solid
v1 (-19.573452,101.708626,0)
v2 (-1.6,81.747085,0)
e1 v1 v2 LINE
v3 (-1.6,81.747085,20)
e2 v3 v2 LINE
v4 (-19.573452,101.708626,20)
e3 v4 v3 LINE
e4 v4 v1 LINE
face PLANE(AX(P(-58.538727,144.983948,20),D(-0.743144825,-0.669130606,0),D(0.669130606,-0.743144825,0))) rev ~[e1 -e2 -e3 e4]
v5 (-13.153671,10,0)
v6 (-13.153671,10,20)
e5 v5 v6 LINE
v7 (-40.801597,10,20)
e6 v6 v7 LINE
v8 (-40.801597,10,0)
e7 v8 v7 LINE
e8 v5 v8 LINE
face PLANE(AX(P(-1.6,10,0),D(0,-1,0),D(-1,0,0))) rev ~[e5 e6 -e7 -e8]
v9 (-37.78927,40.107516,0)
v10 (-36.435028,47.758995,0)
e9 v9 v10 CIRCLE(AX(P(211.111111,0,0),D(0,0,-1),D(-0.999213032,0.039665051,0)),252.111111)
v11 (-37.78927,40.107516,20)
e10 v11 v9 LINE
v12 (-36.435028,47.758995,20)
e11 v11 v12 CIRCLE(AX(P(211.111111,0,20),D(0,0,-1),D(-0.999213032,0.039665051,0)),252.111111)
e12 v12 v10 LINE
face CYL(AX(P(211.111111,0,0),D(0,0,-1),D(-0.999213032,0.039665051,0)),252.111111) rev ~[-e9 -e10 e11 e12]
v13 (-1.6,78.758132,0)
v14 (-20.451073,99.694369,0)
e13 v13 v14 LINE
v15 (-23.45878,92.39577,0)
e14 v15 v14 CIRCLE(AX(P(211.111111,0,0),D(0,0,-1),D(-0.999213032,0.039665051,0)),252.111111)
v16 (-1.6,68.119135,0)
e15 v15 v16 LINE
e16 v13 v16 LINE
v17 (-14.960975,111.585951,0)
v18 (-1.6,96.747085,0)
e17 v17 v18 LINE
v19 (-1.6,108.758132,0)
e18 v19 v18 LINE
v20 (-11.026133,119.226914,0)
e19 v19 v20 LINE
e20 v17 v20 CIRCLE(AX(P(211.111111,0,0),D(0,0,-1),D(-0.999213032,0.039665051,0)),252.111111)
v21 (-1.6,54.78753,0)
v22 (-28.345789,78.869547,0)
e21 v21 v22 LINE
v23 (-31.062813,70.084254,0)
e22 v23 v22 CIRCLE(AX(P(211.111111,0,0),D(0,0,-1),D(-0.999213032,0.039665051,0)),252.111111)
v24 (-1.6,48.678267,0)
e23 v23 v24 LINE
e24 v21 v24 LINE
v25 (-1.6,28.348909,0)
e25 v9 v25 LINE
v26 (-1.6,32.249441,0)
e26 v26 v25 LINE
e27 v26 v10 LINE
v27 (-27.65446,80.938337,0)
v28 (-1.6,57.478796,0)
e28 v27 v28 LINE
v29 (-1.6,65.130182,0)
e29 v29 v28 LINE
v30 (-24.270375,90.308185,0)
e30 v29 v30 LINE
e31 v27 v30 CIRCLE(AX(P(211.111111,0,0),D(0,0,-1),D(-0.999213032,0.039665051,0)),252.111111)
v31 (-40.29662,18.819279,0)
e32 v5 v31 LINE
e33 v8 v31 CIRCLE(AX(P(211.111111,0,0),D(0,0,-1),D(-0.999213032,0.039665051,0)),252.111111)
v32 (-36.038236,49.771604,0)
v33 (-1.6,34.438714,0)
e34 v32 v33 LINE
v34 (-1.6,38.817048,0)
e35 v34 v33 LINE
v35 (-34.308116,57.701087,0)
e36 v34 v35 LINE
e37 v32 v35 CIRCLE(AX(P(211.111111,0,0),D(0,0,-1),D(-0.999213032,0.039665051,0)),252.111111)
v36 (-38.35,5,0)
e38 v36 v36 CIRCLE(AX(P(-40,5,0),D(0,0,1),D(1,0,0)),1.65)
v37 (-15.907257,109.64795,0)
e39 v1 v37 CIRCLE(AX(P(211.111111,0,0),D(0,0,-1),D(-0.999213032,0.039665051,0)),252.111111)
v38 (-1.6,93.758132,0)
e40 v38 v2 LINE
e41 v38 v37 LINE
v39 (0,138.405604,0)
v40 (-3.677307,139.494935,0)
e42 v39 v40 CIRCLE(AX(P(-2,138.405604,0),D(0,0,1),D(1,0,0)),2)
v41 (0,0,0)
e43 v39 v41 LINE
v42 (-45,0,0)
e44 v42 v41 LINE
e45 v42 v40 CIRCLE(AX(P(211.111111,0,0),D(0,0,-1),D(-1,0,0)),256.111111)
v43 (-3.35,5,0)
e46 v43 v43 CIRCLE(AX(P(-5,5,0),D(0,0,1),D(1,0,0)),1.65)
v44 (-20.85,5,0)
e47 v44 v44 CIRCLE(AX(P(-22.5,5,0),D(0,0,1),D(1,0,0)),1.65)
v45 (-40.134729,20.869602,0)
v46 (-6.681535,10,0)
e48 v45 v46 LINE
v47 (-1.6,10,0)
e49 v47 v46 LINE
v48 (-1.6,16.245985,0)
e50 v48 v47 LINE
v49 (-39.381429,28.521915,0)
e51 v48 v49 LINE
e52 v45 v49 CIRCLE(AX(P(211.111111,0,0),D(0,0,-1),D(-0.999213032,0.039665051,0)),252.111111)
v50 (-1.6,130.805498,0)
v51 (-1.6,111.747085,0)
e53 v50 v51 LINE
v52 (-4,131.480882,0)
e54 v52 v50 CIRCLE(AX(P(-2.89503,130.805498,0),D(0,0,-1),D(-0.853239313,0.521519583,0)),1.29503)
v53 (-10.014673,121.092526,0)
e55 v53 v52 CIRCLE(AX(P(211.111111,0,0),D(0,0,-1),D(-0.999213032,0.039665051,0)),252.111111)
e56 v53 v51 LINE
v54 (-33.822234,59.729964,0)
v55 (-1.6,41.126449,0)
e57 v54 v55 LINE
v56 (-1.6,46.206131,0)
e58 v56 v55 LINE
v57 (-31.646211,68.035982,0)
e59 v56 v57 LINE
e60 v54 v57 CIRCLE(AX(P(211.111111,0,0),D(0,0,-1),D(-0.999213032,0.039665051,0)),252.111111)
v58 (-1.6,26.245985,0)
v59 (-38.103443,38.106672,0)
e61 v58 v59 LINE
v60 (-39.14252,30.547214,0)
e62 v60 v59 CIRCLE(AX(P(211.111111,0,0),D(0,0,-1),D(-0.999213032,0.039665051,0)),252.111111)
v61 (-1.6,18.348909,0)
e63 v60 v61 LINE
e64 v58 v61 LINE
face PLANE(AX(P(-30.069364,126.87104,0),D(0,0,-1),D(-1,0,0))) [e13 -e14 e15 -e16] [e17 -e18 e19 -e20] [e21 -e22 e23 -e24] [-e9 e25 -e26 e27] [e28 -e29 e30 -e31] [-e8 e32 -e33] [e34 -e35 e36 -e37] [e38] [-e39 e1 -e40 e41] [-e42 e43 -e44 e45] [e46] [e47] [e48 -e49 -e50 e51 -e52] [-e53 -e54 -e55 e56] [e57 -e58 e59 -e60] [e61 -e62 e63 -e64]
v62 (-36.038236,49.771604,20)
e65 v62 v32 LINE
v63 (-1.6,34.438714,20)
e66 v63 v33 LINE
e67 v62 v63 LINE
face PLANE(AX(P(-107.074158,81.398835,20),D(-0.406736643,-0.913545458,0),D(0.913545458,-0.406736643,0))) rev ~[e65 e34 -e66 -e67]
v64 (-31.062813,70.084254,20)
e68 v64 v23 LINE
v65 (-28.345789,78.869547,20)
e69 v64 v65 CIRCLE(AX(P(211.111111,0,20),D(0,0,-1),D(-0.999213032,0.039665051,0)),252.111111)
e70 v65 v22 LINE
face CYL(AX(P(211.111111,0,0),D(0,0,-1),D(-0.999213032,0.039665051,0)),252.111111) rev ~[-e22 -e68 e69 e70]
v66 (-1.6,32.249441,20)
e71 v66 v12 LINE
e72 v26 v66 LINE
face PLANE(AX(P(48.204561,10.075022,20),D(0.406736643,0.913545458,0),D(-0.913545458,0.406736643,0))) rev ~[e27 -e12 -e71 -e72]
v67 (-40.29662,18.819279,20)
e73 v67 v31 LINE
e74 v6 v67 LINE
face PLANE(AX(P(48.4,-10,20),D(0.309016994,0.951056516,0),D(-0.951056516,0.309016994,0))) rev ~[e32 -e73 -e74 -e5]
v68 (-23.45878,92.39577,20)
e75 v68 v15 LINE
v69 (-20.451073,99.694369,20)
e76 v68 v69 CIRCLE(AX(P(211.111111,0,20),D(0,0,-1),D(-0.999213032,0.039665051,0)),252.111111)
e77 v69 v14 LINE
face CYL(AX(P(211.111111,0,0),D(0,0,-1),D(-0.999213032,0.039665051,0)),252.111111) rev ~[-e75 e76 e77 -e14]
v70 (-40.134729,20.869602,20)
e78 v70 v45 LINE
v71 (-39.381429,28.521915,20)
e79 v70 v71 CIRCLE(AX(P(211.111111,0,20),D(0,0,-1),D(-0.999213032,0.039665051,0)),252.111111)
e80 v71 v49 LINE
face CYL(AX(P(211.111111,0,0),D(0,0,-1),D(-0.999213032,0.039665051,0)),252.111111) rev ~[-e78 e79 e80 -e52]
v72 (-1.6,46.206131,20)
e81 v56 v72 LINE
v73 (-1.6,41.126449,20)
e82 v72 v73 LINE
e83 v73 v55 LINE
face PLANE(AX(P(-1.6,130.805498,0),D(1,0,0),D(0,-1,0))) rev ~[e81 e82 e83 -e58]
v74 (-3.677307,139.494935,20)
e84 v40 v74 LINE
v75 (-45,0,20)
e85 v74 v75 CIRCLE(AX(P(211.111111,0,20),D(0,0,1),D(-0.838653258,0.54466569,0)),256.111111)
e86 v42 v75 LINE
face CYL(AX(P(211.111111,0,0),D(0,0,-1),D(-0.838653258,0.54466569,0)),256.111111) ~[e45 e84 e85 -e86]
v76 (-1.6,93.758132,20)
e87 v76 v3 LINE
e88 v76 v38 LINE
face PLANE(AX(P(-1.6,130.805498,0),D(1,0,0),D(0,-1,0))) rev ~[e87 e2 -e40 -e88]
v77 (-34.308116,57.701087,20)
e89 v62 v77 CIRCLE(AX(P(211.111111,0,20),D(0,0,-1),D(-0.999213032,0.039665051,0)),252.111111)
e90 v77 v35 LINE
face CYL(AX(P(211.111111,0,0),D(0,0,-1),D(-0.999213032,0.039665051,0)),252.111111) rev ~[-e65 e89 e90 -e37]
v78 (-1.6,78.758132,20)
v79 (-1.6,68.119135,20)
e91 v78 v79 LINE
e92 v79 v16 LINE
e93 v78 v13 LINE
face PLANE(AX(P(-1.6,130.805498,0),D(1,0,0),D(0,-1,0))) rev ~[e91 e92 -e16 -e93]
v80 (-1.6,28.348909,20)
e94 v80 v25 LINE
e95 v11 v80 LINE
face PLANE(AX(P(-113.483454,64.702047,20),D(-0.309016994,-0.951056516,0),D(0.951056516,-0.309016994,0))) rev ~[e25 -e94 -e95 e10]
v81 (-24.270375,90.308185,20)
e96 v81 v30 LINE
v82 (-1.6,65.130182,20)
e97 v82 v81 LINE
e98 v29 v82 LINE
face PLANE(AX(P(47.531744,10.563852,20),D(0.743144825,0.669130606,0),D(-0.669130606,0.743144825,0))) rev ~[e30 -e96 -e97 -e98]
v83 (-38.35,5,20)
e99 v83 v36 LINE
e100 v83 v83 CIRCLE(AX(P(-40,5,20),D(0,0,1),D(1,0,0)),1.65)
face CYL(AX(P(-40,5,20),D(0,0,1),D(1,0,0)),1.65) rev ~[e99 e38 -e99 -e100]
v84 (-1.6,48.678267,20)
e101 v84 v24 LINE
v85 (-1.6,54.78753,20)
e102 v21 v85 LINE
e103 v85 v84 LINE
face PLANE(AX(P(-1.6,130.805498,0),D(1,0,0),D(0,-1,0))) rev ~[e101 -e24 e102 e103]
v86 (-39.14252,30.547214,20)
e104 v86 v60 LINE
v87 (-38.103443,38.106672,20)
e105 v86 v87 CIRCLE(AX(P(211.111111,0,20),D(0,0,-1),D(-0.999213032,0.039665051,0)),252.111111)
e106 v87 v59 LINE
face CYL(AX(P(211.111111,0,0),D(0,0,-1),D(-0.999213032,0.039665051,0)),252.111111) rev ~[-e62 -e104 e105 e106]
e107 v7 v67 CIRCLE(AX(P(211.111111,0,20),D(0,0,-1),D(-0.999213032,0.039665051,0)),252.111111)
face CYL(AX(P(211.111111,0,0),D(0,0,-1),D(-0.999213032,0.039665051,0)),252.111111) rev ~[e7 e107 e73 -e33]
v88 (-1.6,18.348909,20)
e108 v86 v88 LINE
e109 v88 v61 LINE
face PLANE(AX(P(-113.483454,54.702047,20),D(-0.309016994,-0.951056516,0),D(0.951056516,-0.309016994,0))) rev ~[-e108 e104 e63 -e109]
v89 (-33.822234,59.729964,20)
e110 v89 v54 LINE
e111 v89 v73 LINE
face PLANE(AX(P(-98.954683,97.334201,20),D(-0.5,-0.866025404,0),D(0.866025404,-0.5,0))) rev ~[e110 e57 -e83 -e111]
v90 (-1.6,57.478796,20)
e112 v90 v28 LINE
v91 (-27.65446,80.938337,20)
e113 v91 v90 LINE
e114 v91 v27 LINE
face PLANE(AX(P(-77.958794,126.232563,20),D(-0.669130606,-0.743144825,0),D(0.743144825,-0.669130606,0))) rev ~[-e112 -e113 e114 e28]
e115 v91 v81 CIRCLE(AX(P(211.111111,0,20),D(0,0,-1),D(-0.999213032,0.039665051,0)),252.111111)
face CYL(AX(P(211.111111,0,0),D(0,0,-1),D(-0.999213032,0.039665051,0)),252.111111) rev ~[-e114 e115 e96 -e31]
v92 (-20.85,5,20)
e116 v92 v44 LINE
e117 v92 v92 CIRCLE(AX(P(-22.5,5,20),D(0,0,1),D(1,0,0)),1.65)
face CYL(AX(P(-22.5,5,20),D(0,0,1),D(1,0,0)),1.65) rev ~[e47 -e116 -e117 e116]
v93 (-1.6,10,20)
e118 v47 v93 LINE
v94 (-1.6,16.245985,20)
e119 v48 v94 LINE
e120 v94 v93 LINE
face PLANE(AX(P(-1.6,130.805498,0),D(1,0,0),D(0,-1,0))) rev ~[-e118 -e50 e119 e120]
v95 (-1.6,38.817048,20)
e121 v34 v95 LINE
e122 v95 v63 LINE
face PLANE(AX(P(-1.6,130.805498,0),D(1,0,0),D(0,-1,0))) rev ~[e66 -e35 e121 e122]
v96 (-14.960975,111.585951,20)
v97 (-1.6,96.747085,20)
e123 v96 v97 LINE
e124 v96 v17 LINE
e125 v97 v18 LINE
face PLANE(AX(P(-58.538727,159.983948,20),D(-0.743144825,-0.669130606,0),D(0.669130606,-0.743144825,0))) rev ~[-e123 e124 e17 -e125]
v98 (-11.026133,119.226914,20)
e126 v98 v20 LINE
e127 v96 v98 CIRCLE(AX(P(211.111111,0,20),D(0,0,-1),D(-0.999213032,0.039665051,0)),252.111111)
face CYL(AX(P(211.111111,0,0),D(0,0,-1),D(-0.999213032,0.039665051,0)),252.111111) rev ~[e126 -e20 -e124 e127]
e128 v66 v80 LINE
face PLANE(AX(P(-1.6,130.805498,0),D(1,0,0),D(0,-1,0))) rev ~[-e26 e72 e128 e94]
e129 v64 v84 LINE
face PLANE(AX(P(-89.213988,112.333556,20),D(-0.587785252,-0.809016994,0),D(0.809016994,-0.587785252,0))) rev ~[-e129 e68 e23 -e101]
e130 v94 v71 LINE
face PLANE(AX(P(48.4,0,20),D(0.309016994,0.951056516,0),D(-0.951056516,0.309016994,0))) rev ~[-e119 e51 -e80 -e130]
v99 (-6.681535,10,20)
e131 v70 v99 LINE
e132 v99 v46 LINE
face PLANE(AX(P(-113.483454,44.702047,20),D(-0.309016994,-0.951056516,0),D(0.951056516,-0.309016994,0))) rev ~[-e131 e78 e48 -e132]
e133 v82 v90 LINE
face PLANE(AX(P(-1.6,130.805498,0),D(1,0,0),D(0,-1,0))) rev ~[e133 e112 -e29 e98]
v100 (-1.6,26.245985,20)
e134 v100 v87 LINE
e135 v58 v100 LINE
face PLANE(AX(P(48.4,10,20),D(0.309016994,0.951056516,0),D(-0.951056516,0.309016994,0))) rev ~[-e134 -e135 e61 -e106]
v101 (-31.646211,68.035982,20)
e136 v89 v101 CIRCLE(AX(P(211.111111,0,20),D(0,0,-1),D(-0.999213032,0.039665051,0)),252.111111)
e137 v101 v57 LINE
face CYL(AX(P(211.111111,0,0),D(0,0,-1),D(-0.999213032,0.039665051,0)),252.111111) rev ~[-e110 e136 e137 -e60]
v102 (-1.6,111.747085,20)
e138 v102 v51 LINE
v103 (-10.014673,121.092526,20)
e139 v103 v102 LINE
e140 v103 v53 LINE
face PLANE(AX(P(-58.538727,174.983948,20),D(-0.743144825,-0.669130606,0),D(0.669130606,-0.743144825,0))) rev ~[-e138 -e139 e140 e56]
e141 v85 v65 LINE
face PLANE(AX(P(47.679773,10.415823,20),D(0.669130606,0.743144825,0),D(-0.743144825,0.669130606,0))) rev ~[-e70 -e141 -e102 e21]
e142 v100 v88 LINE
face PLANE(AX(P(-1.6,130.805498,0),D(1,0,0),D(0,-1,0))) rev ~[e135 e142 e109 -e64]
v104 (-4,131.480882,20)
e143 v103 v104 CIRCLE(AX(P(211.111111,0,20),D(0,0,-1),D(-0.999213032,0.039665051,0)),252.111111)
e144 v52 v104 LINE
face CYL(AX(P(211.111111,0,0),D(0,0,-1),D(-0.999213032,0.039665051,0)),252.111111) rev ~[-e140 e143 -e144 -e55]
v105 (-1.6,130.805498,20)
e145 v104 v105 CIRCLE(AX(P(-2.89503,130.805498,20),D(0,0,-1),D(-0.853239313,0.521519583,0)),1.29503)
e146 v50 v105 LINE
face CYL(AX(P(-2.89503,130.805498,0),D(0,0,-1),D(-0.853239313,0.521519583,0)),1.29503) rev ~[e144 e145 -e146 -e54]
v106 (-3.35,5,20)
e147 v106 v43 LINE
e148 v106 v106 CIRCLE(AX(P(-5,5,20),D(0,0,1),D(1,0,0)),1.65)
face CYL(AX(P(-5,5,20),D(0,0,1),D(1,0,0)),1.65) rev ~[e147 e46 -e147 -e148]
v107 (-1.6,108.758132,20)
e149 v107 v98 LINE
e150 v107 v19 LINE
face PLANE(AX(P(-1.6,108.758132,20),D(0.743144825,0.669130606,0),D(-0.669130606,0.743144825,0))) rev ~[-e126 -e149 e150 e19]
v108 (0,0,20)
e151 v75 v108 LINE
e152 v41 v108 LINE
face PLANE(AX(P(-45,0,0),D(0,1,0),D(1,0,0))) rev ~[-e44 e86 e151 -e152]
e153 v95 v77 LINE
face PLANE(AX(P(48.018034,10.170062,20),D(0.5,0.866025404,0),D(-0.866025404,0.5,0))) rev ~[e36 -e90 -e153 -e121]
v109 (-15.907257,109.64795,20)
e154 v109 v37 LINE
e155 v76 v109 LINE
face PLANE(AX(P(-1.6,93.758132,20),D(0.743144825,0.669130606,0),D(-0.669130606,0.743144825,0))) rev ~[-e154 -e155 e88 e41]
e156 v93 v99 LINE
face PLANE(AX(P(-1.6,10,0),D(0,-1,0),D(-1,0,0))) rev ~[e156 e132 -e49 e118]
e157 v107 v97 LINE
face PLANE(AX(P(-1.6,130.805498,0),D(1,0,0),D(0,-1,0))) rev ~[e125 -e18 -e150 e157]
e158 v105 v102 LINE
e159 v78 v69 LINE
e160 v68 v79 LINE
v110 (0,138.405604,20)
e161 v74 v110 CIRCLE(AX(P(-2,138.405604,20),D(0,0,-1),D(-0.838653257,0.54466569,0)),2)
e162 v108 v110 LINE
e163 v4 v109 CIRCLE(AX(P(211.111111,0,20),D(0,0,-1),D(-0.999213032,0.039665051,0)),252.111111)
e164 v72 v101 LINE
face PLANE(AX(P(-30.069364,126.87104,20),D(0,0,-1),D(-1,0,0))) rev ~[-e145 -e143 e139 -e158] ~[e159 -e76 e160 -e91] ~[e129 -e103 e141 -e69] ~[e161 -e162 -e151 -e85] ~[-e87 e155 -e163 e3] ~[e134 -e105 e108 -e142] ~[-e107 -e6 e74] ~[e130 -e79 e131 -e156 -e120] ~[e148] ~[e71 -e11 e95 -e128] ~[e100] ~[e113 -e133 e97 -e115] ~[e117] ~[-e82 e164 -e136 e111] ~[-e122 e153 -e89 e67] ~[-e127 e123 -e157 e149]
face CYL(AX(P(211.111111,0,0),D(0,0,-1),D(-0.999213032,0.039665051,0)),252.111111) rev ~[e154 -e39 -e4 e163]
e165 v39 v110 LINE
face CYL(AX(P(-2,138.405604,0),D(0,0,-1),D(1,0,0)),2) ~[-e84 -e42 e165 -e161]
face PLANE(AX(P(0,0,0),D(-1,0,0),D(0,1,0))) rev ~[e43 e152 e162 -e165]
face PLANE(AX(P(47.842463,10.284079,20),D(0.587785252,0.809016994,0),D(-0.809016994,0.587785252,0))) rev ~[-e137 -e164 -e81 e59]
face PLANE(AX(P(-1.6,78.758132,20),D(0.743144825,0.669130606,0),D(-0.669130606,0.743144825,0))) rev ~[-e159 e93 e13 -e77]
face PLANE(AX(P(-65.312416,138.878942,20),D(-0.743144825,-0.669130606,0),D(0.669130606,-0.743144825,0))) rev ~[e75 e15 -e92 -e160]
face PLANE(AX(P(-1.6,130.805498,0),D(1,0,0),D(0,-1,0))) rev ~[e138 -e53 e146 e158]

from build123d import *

# Parameters (mm, degrees)
BOSS_EXTRUDE4_DEPTH = 20
SKETCH12_R          = 1.65
CUT_EXTRUDE1_DEPTH  = 149.790905386
CUT_EXTRUDE2_START  = -20
CUT_EXTRUDE2_DEPTH  = 20
CUT_EXTRUDE3_START  = -30
CUT_EXTRUDE3_DEPTH  = 30
BOSS_EXTRUDE5_DEPTH = 20
CIRPATTERN1_COUNT   = 6
CIRPATTERN1_ANGLE   = 30
LPATTERN2_COUNT     = 3
LPATTERN2_PITCH     = 10
BOSS_EXTRUDE6_DEPTH = 20
LPATTERN3_COUNT     = 3
LPATTERN3_PITCH     = 15
CUT_EXTRUDE4_START  = -20
CUT_EXTRUDE4_DEPTH  = 20


with BuildPart() as part:
    # Sketch5 → Boss-Extrude4 (new body)
    with BuildSketch(Plane.XY):
        with BuildLine():
            Line((0, 0), (0, 138.405603612))
            ThreePointArc((0, 138.405603612), (-1.431938837, 140.323234054), (-3.677306515, 139.494934991))
            ThreePointArc((-3.677306515, 139.494934991), (-34.45212059, 72.743387818), (-45, 0))
            Line((-45, 0), (0, 0))
        make_face()
        with BuildLine():
            Line((-1.6, 10), (-40.801596678, 10))
            ThreePointArc((-40.801596678, 10), (-30.171322984, 73.09445494), (-4, 131.480881584))
            ThreePointArc((-4, 131.480881584), (-2.54422163, 132.052107892), (-1.6, 130.805498221))
            Line((-1.6, 130.805498221), (-1.6, 10))
        make_face(mode=Mode.SUBTRACT)
    extrude(amount=BOSS_EXTRUDE4_DEPTH)

    # Sketch12 → Cut-Extrude1 (cut, through all)
    with BuildSketch(Plane.XY.offset(20)):
        with Locations((-40, 5)):
            Circle(SKETCH12_R)
        with Locations((-22.5, 5)):
            Circle(SKETCH12_R)
        with Locations((-5, 5)):
            Circle(SKETCH12_R)
    extrude(amount=-CUT_EXTRUDE1_DEPTH, mode=Mode.SUBTRACT)

    # Sketch17 → Cut-Extrude2 (cut)
    with BuildSketch(Plane.XY.offset(20).offset(CUT_EXTRUDE2_START)):
        Polygon((-109.129206393, -31.174044695), (890.870793607, -18.386269912), (884.13367644, 508.454191469), (-120.638203698, 868.825955305), (-717.462714608, 272.001444394), align=None)
        with BuildLine():
            Line((-45, 0), (0, 0))
            Line((0, 0), (0, 138.405603612))
            ThreePointArc((0, 138.405603612), (-0.890765175, 140.069814567), (-2.769598102, 140.25160436))
            ThreePointArc((-2.769598102, 140.25160436), (-57.041683198, 80.109492203), (-45, 0))
        make_face(mode=Mode.SUBTRACT)
    extrude(amount=CUT_EXTRUDE2_DEPTH, mode=Mode.SUBTRACT)

    # Sketch18 → Cut-Extrude3 (cut)
    with BuildSketch(Plane.XY.offset(20).offset(CUT_EXTRUDE3_START)):
        Polygon((10.567687301, -7.152622061), (26.572035637, 318.782087337), (-234.729728554, 306.471050155), (-205.798791176, -46.855716973), align=None)
        with BuildLine():
            Line((-45, 0), (0, 0))
            Line((0, 0), (0, 138.405603612))
            ThreePointArc((0, 138.405603612), (-1.431938837, 140.323234054), (-3.677306515, 139.494934991))
            ThreePointArc((-3.677306515, 139.494934991), (-34.45212059, 72.743387818), (-45, 0))
        make_face(mode=Mode.SUBTRACT)
    extrude(amount=CUT_EXTRUDE3_DEPTH, mode=Mode.SUBTRACT)

    # Sketch14 → Boss-Extrude5 (add)
    with BuildSketch(Plane.XY.offset(20)):
        Polygon((48.4, 10), (-114.101488266, 62.799934205), (-113.483454278, 64.702047237), (49.018033989, 11.902113033), align=None)
    boss_extrude5 = extrude(amount=-BOSS_EXTRUDE5_DEPTH)

    # CirPattern1: Boss-Extrude5 ×6 about axis
    cirpattern1_axis = Axis((49.018033989, 11.902113033, 0), (0, 0, -1))
    for i in range(1, CIRPATTERN1_COUNT):
        add(boss_extrude5.rotate(cirpattern1_axis, i * CIRPATTERN1_ANGLE / (CIRPATTERN1_COUNT - 1)))

    # LPattern2: Boss-Extrude5 ×3
    with Locations(*[(0, -i * LPATTERN2_PITCH, 0) for i in range(1, LPATTERN2_COUNT)]):
        add(boss_extrude5)

    # Sketch19 → Boss-Extrude6 (add)
    with BuildSketch(Plane.XY.offset(20)):
        Polygon((-1.6, 78.758131997), (-60.025016892, 143.645686936), (-58.538727241, 144.983948149), (-0.113710349, 80.096393209), align=None)
    boss_extrude6 = extrude(amount=-BOSS_EXTRUDE6_DEPTH)

    # LPattern3: Boss-Extrude6 ×3
    with Locations(*[(0, i * LPATTERN3_PITCH, 0) for i in range(1, LPATTERN3_COUNT)]):
        add(boss_extrude6)

    # Sketch20 → Cut-Extrude4 (cut)
    with BuildSketch(Plane.XY.offset(20).offset(CUT_EXTRUDE4_START)):
        Polygon((77.475806055, -29.017161833), (-265.551297842, 6.523481062), (-137.36538358, 367.52057294), (154.147754773, 113.145409747), align=None)
        with BuildLine():
            Line((-45, 0), (0, 0))
            Line((0, 0), (0, 138.405603612))
            ThreePointArc((0, 138.405603612), (-1.431938837, 140.323234054), (-3.677306515, 139.494934991))
            ThreePointArc((-3.677306515, 139.494934991), (-34.45212059, 72.743387818), (-45, 0))
        make_face(mode=Mode.SUBTRACT)
    extrude(amount=CUT_EXTRUDE4_DEPTH, mode=Mode.SUBTRACT)


solid = part.part
